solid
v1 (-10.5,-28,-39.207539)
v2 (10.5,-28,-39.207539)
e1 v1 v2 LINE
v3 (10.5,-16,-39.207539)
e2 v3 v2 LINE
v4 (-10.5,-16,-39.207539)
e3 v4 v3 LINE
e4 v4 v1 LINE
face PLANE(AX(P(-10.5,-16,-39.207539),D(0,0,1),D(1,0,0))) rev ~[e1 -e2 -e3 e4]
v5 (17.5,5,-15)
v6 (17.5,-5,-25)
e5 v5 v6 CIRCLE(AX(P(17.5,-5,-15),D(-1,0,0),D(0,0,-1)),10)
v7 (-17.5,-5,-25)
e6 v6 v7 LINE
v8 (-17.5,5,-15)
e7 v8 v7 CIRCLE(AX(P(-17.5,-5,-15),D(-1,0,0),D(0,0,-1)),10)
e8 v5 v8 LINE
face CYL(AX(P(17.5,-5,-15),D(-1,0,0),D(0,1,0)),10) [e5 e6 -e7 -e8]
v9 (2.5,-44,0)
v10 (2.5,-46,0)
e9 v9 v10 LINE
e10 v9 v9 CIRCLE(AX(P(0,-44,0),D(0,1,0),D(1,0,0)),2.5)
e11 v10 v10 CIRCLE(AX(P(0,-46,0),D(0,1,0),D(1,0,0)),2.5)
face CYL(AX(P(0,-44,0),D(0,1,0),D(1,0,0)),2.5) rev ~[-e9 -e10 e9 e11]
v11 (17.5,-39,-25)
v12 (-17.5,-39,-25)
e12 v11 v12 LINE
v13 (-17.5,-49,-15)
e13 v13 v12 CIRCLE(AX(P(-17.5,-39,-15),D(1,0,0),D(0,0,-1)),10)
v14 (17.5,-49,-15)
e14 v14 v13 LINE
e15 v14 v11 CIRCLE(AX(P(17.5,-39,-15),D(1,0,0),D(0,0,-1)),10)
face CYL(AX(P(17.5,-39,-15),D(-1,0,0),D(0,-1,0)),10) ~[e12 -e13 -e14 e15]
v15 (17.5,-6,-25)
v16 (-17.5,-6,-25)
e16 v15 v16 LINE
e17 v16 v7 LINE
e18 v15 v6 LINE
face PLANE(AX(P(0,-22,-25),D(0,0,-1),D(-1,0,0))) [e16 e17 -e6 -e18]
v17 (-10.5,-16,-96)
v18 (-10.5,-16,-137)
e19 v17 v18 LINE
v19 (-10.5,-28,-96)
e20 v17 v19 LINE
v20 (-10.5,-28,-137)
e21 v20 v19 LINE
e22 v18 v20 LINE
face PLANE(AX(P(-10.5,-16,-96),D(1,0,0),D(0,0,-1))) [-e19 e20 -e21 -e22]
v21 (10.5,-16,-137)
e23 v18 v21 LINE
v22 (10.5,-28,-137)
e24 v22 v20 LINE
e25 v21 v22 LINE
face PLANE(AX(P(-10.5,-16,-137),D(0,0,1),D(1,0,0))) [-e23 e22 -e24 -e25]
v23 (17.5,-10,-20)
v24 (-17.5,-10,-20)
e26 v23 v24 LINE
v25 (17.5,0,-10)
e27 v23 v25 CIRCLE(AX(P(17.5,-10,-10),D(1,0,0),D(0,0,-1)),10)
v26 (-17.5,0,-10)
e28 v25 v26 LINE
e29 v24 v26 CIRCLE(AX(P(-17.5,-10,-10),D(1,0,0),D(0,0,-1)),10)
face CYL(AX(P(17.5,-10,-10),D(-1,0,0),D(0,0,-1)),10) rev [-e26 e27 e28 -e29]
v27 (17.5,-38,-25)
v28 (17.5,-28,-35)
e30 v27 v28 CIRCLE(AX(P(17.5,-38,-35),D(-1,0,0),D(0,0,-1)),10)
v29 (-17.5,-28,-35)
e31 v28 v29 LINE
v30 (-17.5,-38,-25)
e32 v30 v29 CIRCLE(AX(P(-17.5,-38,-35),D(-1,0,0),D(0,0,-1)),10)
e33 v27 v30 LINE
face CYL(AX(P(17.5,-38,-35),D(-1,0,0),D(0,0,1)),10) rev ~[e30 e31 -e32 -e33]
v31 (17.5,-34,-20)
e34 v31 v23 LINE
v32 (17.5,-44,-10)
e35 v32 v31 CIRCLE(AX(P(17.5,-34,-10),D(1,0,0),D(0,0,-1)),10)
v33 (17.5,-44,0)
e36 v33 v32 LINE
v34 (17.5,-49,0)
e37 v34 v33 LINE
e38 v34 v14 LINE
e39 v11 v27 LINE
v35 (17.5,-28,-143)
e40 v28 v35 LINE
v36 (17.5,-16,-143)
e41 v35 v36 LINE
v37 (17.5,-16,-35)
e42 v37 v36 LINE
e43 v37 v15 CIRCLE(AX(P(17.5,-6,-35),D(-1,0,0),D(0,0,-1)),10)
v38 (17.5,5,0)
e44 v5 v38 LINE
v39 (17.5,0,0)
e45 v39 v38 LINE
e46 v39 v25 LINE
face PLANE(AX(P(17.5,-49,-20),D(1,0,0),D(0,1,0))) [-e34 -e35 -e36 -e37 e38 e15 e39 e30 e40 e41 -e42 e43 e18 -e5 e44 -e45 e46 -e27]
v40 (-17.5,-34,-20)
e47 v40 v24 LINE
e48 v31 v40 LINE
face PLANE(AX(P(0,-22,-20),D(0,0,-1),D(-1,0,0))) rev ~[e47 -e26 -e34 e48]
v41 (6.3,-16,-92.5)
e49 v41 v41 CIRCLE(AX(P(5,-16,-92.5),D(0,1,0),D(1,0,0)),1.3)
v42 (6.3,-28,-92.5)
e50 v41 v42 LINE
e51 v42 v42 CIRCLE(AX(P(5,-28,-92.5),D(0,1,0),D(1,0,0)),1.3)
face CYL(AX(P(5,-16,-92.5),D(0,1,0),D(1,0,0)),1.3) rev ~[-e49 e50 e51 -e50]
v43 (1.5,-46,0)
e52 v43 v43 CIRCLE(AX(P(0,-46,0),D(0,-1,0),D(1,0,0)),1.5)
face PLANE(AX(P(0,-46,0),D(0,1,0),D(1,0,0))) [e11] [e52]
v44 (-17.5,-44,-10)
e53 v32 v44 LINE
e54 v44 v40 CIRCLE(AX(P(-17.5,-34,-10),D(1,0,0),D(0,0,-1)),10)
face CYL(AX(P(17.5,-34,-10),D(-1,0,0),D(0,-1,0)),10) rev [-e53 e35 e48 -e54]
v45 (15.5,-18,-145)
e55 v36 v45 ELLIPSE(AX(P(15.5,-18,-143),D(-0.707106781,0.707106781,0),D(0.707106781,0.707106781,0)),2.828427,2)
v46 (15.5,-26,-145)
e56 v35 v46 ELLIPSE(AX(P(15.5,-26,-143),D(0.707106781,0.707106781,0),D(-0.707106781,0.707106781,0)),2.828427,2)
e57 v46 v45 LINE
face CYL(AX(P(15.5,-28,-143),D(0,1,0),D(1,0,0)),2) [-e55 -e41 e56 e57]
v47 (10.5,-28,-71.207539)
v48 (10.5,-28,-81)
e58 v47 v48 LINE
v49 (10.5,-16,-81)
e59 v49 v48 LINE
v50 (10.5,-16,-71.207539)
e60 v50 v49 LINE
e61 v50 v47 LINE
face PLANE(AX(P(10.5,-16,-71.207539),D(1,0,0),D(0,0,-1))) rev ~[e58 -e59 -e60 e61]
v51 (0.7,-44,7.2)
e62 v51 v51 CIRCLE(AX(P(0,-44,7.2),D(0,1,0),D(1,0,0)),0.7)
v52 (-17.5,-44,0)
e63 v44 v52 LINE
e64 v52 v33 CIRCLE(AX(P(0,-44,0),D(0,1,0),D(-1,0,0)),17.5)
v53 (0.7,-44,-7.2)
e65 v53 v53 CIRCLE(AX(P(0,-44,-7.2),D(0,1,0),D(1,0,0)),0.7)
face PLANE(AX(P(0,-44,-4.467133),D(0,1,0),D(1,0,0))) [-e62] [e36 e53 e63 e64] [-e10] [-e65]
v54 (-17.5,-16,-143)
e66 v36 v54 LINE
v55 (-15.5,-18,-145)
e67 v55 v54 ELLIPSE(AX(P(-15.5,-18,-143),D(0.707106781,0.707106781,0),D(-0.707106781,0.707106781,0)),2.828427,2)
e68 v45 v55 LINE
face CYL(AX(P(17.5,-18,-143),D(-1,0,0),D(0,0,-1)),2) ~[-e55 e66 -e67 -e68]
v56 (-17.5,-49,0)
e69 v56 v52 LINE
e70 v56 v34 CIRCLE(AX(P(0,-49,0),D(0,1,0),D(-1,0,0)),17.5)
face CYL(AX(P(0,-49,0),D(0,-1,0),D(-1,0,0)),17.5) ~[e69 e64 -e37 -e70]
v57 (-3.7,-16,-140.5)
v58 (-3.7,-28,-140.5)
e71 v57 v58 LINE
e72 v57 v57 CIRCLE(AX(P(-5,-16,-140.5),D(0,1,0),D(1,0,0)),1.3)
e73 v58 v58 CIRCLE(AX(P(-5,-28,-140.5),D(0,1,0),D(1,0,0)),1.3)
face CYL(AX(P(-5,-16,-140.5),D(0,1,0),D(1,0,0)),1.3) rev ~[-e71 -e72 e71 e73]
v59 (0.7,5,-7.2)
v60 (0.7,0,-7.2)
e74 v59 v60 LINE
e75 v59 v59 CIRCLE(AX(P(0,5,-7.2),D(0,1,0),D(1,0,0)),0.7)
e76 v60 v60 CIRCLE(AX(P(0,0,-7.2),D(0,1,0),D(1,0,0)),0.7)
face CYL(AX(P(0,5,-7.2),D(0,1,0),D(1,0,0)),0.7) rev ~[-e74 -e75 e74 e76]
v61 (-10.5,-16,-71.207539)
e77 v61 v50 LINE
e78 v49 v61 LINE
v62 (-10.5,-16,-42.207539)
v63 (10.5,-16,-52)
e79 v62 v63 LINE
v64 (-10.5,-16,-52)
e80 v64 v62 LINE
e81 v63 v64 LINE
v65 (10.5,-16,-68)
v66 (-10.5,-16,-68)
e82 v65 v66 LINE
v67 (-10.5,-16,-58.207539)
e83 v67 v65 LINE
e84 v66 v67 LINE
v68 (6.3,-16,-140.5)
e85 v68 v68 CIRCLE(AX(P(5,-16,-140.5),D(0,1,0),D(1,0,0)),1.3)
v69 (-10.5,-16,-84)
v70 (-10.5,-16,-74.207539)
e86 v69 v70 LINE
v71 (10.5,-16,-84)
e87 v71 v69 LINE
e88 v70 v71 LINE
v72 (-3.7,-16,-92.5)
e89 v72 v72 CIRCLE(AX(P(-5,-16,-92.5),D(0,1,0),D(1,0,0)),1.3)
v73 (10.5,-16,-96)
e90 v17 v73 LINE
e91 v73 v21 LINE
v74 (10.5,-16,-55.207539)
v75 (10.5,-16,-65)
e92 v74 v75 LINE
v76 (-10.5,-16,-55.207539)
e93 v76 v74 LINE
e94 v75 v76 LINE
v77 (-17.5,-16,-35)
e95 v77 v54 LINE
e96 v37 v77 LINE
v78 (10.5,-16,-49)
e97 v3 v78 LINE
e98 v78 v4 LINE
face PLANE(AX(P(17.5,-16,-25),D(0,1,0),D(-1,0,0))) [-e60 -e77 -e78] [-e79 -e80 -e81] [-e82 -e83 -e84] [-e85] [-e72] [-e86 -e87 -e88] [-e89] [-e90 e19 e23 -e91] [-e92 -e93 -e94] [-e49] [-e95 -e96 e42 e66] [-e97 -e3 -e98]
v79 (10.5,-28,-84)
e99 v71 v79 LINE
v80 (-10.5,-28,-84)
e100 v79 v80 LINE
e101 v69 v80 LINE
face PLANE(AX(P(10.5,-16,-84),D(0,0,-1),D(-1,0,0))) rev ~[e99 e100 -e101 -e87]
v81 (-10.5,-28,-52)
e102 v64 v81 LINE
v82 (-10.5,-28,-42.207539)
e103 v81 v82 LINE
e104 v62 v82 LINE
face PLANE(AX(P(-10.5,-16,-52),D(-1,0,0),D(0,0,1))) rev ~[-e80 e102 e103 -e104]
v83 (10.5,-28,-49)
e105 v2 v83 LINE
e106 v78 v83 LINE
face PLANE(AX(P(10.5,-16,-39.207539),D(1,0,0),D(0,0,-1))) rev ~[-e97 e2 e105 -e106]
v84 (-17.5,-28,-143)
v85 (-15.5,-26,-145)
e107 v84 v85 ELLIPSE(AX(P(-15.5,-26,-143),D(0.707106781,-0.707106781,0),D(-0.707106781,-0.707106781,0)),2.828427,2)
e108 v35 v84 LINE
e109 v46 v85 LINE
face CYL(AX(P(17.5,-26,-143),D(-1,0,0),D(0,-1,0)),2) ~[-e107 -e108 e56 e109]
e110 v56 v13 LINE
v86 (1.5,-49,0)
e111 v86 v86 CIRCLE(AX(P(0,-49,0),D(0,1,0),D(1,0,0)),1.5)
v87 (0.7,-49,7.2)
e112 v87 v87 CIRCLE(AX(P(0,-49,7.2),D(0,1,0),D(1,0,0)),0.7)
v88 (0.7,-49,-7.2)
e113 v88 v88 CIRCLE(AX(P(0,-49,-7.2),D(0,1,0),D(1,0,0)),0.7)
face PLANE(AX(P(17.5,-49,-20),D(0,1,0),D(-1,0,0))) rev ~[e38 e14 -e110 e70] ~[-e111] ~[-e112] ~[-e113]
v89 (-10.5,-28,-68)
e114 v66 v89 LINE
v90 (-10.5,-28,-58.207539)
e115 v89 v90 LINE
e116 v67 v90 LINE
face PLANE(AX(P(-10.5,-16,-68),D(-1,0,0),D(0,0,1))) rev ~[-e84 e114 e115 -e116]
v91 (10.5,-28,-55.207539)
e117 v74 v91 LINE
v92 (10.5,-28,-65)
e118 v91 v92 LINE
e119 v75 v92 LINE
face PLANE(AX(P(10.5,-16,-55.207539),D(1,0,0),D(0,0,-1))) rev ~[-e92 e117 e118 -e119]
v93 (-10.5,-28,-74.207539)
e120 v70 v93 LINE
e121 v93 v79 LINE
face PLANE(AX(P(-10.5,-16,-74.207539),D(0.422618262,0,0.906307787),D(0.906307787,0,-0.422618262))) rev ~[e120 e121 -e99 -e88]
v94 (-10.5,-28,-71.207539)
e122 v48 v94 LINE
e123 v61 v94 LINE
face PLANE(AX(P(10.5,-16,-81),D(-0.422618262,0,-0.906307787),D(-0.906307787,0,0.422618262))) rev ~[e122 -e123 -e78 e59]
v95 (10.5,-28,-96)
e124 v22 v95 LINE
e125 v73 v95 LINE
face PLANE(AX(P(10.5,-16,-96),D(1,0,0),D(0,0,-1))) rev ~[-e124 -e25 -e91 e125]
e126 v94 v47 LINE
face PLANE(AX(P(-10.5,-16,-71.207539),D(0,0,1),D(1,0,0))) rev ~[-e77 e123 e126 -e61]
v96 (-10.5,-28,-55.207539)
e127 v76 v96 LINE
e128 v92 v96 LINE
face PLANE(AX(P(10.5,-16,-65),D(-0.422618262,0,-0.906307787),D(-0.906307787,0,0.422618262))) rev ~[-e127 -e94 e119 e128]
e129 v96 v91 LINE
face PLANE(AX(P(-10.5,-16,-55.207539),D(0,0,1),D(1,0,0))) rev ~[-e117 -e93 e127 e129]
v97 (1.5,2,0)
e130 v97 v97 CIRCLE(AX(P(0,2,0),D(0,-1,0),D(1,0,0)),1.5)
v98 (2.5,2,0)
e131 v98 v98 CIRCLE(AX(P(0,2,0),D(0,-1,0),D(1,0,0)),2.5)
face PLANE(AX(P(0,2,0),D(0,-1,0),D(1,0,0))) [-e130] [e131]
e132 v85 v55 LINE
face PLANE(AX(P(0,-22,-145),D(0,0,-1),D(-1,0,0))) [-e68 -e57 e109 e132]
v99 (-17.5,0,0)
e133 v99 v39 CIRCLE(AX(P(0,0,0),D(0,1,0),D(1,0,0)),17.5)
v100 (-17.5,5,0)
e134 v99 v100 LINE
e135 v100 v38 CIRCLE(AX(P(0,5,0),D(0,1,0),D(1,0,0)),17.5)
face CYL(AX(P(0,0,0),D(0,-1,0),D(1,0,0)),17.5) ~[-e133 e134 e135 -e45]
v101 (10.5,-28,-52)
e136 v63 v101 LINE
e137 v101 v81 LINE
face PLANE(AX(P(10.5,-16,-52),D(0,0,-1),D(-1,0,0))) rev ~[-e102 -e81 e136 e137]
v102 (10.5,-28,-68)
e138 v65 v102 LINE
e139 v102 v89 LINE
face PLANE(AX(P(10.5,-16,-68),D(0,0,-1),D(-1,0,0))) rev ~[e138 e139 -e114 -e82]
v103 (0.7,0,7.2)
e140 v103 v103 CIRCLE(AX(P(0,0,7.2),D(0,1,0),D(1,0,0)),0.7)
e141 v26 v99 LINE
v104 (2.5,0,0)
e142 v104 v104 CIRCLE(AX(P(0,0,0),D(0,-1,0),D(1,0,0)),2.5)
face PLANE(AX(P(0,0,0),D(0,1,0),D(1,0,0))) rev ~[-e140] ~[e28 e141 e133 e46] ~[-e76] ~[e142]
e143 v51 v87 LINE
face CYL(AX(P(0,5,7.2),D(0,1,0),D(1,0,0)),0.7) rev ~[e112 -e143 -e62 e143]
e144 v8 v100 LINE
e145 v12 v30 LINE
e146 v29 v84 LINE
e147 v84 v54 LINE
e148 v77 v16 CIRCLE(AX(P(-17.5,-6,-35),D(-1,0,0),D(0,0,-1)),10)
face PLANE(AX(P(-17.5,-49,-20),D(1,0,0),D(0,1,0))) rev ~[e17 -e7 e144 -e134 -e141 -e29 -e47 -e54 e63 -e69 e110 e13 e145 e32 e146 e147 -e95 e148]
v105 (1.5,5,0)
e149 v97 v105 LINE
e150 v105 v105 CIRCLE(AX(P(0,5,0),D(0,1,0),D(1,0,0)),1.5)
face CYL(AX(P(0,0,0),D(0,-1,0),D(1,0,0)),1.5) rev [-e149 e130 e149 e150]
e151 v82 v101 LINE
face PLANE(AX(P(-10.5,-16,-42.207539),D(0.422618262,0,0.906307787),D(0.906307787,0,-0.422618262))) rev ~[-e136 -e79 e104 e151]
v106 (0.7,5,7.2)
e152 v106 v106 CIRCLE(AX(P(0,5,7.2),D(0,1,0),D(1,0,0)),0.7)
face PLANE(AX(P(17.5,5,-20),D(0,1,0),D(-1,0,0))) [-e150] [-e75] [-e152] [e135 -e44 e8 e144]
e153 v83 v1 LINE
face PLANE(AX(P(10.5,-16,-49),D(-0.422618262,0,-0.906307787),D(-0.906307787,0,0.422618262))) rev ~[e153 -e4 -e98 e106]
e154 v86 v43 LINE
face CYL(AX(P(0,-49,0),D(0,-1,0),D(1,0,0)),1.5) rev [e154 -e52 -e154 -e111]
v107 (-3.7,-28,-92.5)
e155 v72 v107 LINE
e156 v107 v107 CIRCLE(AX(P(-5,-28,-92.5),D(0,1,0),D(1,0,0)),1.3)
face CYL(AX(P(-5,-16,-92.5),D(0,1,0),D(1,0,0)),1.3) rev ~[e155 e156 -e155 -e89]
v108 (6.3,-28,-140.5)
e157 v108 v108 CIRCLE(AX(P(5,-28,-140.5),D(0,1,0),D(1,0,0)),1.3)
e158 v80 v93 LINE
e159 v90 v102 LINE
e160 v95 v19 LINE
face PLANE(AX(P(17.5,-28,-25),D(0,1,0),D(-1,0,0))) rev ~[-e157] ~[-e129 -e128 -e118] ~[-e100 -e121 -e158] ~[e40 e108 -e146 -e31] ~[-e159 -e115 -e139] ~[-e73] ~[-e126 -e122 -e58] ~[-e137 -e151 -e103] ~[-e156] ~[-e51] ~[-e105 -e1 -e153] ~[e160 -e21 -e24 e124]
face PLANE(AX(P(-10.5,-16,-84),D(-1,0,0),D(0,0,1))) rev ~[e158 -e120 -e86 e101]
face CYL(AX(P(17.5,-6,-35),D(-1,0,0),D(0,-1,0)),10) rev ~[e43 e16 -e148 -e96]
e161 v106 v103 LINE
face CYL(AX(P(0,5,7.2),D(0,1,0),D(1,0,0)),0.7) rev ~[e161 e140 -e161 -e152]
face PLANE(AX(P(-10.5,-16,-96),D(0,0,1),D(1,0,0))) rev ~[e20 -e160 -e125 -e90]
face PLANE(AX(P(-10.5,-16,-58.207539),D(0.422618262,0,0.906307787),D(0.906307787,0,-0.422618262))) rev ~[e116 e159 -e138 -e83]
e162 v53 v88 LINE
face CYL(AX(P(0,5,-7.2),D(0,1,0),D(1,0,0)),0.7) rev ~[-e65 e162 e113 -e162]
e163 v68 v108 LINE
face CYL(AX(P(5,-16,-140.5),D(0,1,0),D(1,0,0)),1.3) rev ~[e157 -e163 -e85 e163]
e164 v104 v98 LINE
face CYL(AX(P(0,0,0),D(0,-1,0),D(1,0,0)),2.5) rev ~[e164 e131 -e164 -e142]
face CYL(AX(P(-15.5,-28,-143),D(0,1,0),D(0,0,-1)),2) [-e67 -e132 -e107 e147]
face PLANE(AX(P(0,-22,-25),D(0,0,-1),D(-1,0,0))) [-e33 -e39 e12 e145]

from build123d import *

# Parameters (mm, degrees)
SKETCH1_R           = 17.5
SKETCH1_R_2         = 1.5
BOSS_EXTRUDE1_DEPTH = 5
SKETCH3_R           = 1.5
BOSS_EXTRUDE2_DEPTH = 5
SKETCH4_W           = 35
SKETCH4_H           = 54
BOSS_EXTRUDE3_DEPTH = 5
FILLET1_R           = 10
SKETCH6_W           = 35
SKETCH6_H           = 12
BOSS_EXTRUDE4_DEPTH = 120
CUT_EXTRUDE1_REACH  = 35
SKETCH7_R           = 1.3
SKETCH7_W           = 21
SKETCH7_H           = 41
CUT_EXTRUDE2_DEPTH  = 12
LPATTERN1_COUNT     = 3
LPATTERN1_PITCH     = 16
FILLET2_R           = 10
FILLET3_R           = 2
SKETCH11_R          = 0.7
SKETCH11_R_2        = 1.5
CUT_EXTRUDE3_DEPTH  = 55
SKETCH12_R          = 2.5
CUT_EXTRUDE4_DEPTH  = 2
SKETCH13_R          = 2.5
CUT_EXTRUDE5_DEPTH  = 2


with BuildPart() as part:
    # Sketch1 → Boss-Extrude1 (new body)
    with BuildSketch(Plane(origin=(0, 0, 0), x_dir=(1, 0, 0), z_dir=(0, 1, 0))):
        Circle(SKETCH1_R)
        Circle(SKETCH1_R_2, mode=Mode.SUBTRACT)
        with BuildLine():
            Line((-17.5, 20), (-17.5, 0))
            ThreePointArc((-17.5, 0), (0, 17.5), (17.5, 0))
            Line((17.5, 0), (17.5, 20))
            Line((17.5, 20), (-17.5, 20))
        make_face()
    extrude(amount=BOSS_EXTRUDE1_DEPTH)



with BuildPart() as body_2:
    # Sketch3 → Boss-Extrude2 (new body)
    with BuildSketch(Plane(origin=(0, -49, 0), x_dir=(1, 0, 0), z_dir=(0, 1, 0))):
        with BuildLine():
            Line((17.5, 0), (17.5, 20))
            Line((17.5, 20), (-17.5, 20))
            Line((-17.5, 20), (-17.5, 0))
            ThreePointArc((-17.5, 0), (0, -17.5), (17.5, 0))
        make_face()
        Circle(SKETCH3_R, mode=Mode.SUBTRACT)
    extrude(amount=BOSS_EXTRUDE2_DEPTH)


with BuildPart() as part_1:
    add(part.part)

    add(body_2.part)  # Boss-Extrude3 merges body 2
    # Sketch4 → Boss-Extrude3 (add)
    with BuildSketch(Plane(origin=(0, 0, -20), x_dir=(-1, 0, 0), z_dir=(0, 0, -1))):
        with Locations((0, -22)):
            Rectangle(SKETCH4_W, SKETCH4_H)
    extrude(amount=BOSS_EXTRUDE3_DEPTH)

    # Fillet1
    fillet1_edges = [part_1.edges().sort_by_distance(p)[0] for p in [
        (0, -49, -25),
        (0, 5, -25),
        (0, -44, -20),
        (0, 0, -20),
    ]]
    fillet(fillet1_edges, radius=FILLET1_R)

    # Sketch6 → Boss-Extrude4 (add)
    with BuildSketch(Plane(origin=(0, 0, -25), x_dir=(-1, 0, 0), z_dir=(0, 0, -1))):
        with Locations((0, -22)):
            Rectangle(SKETCH6_W, SKETCH6_H)
    extrude(amount=BOSS_EXTRUDE4_DEPTH)

    # Sketch7 → Cut-Extrude1 (cut, up to next)
    with BuildSketch(Plane(origin=(0, -16, 0), x_dir=(1, 0, 0), z_dir=(0, 1, 0)), mode=Mode.PRIVATE) as cut_extrude1_sk1:
        with Locations((-5, 140.5)):
            Circle(SKETCH7_R)
    cut_extrude1_tool1 = extrude(cut_extrude1_sk1.sketch, amount=-CUT_EXTRUDE1_REACH, mode=Mode.PRIVATE) & part_1.part
    add(cut_extrude1_tool1.solids().sort_by_distance((-5, -16, -140.5))[0], mode=Mode.SUBTRACT)
    # Sketch7 → Cut-Extrude1 (cut, up to next)
    with BuildSketch(Plane(origin=(0, -16, 0), x_dir=(1, 0, 0), z_dir=(0, 1, 0)), mode=Mode.PRIVATE) as cut_extrude1_sk2:
        with Locations((5, 140.5)):
            Circle(SKETCH7_R)
    cut_extrude1_tool2 = extrude(cut_extrude1_sk2.sketch, amount=-CUT_EXTRUDE1_REACH, mode=Mode.PRIVATE) & part_1.part
    add(cut_extrude1_tool2.solids().sort_by_distance((5, -16, -140.5))[0], mode=Mode.SUBTRACT)
    # Sketch7 → Cut-Extrude1 (cut, up to next)
    with BuildSketch(Plane(origin=(0, -16, 0), x_dir=(1, 0, 0), z_dir=(0, 1, 0)), mode=Mode.PRIVATE) as cut_extrude1_sk3:
        with Locations((5, 92.5)):
            Circle(SKETCH7_R)
    cut_extrude1_tool3 = extrude(cut_extrude1_sk3.sketch, amount=-CUT_EXTRUDE1_REACH, mode=Mode.PRIVATE) & part_1.part
    add(cut_extrude1_tool3.solids().sort_by_distance((5, -16, -92.5))[0], mode=Mode.SUBTRACT)
    # Sketch7 → Cut-Extrude1 (cut, up to next)
    with BuildSketch(Plane(origin=(0, -16, 0), x_dir=(1, 0, 0), z_dir=(0, 1, 0)), mode=Mode.PRIVATE) as cut_extrude1_sk4:
        with Locations((-5, 92.5)):
            Circle(SKETCH7_R)
    cut_extrude1_tool4 = extrude(cut_extrude1_sk4.sketch, amount=-CUT_EXTRUDE1_REACH, mode=Mode.PRIVATE) & part_1.part
    add(cut_extrude1_tool4.solids().sort_by_distance((-5, -16, -92.5))[0], mode=Mode.SUBTRACT)
    # Sketch7 → Cut-Extrude1 (cut, up to next)
    with BuildSketch(Plane(origin=(0, -16, 0), x_dir=(1, 0, 0), z_dir=(0, 1, 0)), mode=Mode.PRIVATE) as cut_extrude1_sk5:
        with Locations((0, 116.5)):
            Rectangle(SKETCH7_W, SKETCH7_H)
    cut_extrude1_tool5 = extrude(cut_extrude1_sk5.sketch, amount=-CUT_EXTRUDE1_REACH, mode=Mode.PRIVATE) & part_1.part
    add(cut_extrude1_tool5.solids().sort_by_distance((0, -16, -116.5))[0], mode=Mode.SUBTRACT)

    # Sketch8 → Cut-Extrude2 (cut)
    with BuildSketch(Plane(origin=(0, -16, 0), x_dir=(1, 0, 0), z_dir=(0, 1, 0))):
        Polygon((10.5, 84), (-10.5, 84), (-10.5, 74.207539179), align=None)
        Polygon((10.5, 71.207539179), (10.5, 81), (-10.5, 71.207539179), align=None)
    cut_extrude2 = extrude(amount=-CUT_EXTRUDE2_DEPTH, mode=Mode.SUBTRACT)

    # LPattern1: Cut-Extrude2 ×3
    with Locations(*[(0, 0, i * LPATTERN1_PITCH) for i in range(1, LPATTERN1_COUNT)]):
        add(cut_extrude2, mode=Mode.SUBTRACT)

    # Fillet2
    fillet2_edges = [part_1.edges().sort_by_distance(p)[0] for p in [
        (0, -28, -25),
        (0, -16, -25),
    ]]
    fillet(fillet2_edges, radius=FILLET2_R)

    # Fillet3
    fillet3_edges = [part_1.edges().sort_by_distance(p)[0] for p in [
        (17.5, -22, -145),
        (0, -28, -145),
        (-17.5, -22, -145),
        (0, -16, -145),
    ]]
    fillet(fillet3_edges, radius=FILLET3_R)

    # Sketch11 → Cut-Extrude3 (cut, through all)
    with BuildSketch(Plane(origin=(0, 5, 0), x_dir=(1, 0, 0), z_dir=(0, 1, 0))):
        with Locations((0, 7.2)):
            Circle(SKETCH11_R)
        Circle(SKETCH11_R_2)
        with Locations((0, -7.2)):
            Circle(SKETCH11_R)
    extrude(amount=-CUT_EXTRUDE3_DEPTH, mode=Mode.SUBTRACT)

    # Sketch12 → Cut-Extrude4 (cut)
    with BuildSketch(Plane.XZ):
        Circle(SKETCH12_R)
    extrude(amount=-CUT_EXTRUDE4_DEPTH, mode=Mode.SUBTRACT)

    # Sketch13 → Cut-Extrude5 (cut)
    with BuildSketch(Plane(origin=(0, -44, 0), x_dir=(1, 0, 0), z_dir=(0, 1, 0))):
        Circle(SKETCH13_R)
    extrude(amount=-CUT_EXTRUDE5_DEPTH, mode=Mode.SUBTRACT)


solid = part_1.part
